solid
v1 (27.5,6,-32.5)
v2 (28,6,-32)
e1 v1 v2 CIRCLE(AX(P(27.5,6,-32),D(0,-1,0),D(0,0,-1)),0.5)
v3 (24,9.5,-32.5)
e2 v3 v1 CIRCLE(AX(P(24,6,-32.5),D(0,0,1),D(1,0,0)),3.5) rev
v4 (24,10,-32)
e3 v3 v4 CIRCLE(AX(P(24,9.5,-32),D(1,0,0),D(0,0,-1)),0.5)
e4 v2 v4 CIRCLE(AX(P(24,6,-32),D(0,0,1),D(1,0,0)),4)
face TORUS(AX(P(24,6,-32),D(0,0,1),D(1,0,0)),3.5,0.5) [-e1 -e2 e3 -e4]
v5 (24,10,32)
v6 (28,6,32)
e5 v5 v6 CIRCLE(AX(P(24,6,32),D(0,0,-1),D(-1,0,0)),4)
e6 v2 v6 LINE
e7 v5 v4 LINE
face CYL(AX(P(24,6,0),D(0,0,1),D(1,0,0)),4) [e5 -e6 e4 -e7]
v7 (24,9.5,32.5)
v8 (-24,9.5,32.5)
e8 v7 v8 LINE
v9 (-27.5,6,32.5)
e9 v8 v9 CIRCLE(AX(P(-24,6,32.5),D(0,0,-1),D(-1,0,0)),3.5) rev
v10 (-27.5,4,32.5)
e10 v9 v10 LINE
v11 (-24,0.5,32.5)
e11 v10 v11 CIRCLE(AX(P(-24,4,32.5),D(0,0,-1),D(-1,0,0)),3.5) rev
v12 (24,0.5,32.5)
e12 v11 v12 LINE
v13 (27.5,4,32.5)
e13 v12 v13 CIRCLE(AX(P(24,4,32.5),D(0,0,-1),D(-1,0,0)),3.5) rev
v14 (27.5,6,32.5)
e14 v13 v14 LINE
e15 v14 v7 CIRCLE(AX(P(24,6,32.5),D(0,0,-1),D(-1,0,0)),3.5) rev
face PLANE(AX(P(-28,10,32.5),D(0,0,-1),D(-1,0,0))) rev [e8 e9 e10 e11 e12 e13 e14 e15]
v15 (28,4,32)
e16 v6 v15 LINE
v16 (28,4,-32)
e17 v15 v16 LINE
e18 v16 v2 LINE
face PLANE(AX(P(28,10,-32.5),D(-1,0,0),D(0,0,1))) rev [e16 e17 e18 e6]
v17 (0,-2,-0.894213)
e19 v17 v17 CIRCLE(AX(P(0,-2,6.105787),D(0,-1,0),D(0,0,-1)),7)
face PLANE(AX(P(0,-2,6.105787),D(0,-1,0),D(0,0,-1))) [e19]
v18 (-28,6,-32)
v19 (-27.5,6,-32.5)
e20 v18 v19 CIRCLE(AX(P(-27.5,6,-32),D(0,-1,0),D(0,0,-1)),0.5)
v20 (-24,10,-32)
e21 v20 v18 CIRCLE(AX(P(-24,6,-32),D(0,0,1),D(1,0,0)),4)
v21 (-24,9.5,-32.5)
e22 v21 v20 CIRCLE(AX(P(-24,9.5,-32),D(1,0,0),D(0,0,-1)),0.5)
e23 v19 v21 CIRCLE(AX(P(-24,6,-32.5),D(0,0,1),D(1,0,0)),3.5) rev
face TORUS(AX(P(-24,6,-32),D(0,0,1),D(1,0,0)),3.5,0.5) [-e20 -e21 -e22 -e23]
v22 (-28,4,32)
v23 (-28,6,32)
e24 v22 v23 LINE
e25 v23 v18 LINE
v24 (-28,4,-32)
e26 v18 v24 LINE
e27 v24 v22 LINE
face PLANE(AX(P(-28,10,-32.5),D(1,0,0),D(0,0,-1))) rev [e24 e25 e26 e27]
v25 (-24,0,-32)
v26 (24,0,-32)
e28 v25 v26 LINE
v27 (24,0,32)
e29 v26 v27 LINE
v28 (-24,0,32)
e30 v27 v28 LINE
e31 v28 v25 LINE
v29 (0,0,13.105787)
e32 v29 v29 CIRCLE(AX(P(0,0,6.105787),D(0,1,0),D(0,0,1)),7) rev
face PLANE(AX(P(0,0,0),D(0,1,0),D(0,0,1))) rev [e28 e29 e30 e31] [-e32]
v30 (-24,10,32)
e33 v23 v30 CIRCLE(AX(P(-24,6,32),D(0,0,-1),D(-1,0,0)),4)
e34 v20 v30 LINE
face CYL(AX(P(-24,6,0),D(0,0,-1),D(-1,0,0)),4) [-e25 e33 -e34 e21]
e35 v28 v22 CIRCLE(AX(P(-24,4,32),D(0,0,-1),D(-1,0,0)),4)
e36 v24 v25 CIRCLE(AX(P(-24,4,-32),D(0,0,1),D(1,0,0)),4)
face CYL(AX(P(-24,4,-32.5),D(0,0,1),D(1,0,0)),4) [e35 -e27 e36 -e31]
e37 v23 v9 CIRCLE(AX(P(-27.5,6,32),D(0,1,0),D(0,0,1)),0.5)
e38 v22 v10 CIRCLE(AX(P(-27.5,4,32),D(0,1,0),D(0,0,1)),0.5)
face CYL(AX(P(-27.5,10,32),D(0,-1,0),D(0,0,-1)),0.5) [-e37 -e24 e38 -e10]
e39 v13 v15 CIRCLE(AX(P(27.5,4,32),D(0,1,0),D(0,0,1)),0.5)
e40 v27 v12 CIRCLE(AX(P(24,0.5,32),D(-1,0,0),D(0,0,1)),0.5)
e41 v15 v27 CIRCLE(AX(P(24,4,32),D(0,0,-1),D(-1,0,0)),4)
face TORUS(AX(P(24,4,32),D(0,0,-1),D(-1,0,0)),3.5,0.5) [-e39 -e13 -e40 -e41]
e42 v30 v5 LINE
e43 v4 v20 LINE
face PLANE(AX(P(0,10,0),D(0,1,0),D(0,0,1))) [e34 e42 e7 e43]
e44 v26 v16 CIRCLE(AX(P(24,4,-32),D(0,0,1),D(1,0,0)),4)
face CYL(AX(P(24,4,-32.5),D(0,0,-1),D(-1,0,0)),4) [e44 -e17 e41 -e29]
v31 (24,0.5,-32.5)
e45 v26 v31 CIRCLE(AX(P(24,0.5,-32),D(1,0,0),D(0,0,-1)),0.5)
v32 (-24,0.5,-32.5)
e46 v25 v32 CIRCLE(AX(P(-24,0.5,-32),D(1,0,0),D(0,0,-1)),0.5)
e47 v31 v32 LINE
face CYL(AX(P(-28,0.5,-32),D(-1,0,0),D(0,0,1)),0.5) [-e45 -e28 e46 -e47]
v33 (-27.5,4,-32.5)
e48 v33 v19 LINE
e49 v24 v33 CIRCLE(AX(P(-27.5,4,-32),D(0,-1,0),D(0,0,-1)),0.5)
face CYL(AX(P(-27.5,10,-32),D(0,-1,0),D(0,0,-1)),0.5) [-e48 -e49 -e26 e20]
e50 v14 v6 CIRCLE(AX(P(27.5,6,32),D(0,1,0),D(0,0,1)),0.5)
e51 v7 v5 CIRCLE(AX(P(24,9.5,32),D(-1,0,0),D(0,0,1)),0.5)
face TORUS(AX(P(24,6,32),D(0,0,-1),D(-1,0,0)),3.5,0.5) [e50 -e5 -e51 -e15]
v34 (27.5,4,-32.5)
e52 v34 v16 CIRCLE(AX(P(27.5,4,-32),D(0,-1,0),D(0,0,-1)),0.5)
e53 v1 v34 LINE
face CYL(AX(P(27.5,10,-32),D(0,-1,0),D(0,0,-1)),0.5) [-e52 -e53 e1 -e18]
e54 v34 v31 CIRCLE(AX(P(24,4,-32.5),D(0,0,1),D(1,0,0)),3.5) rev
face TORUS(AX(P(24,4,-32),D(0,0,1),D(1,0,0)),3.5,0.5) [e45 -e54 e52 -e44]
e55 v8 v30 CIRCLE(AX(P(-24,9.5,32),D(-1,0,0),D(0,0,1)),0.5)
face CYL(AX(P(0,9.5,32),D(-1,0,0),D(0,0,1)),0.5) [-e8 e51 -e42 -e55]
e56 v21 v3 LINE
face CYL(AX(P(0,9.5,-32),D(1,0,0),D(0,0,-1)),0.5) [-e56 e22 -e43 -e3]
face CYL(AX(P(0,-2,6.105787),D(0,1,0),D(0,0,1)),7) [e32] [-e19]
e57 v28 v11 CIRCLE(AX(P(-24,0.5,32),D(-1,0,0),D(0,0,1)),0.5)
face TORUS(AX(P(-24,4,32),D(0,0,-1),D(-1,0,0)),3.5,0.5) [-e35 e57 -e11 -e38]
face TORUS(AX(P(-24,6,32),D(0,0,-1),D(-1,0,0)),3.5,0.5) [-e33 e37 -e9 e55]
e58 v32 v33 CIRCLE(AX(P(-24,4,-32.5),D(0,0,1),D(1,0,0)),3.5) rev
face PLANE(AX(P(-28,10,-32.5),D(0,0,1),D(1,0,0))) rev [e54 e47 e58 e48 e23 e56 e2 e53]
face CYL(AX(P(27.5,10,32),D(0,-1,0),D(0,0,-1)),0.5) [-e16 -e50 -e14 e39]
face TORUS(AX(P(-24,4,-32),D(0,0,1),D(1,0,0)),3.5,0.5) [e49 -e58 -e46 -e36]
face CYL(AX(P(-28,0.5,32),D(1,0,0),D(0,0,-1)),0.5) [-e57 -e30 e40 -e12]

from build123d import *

# Parameters (mm, degrees)
SKETCH_1_W      = 56
SKETCH_1_H      = 65
EXTRUDE_1_DEPTH = 10
FILLET_1_R      = 4
FILLET_2_R      = 0.5
SKETCH_2_R      = 7
EXTRUDE_2_DEPTH = 2


with BuildPart() as part:
    # 草图1 → 凸台-拉伸1 (new body)
    with BuildSketch(Plane(origin=(0, 0, 0), x_dir=(1, 0, 0), z_dir=(0, 1, 0))):
        Rectangle(SKETCH_1_W, SKETCH_1_H)
    extrude(amount=EXTRUDE_1_DEPTH)

    # 圆角1
    fillet_1_edges = [part.edges().sort_by_distance(p)[0] for p in [
        (-28, 10, 0),
        (28, 10, 0),
        (-28, 0, 0),
        (28, 0, 0),
    ]]
    fillet(fillet_1_edges, radius=FILLET_1_R)

    # 圆角2
    fillet_2_edges = [part.edges().sort_by_distance(p)[0] for p in [
        (-28, 5, 32.5),
        (-28, 5, -32.5),
        (0, 0, 32.5),
        (28, 5, 32.5),
        (0, 10, 32.5),
        (-26.828427125, 8.828427125, 32.5),
        (26.828427125, 8.828427125, 32.5),
        (26.828427125, 1.171572875, 32.5),
        (-26.828427125, 1.171572875, 32.5),
        (0, 0, -32.5),
        (0, 10, -32.5),
        (28, 5, -32.5),
        (-26.828427125, 8.828427125, -32.5),
        (26.828427125, 8.828427125, -32.5),
        (26.828427125, 1.171572875, -32.5),
        (-26.828427125, 1.171572875, -32.5),
    ]]
    fillet(fillet_2_edges, radius=FILLET_2_R)

    # 草图2 → 凸台-拉伸2 (add)
    with BuildSketch(Plane.XZ):
        with Locations(Location((0, 6.105786748, 0), (0, 0, 90))):
            Circle(SKETCH_2_R)
    extrude(amount=EXTRUDE_2_DEPTH)


solid = part.part
